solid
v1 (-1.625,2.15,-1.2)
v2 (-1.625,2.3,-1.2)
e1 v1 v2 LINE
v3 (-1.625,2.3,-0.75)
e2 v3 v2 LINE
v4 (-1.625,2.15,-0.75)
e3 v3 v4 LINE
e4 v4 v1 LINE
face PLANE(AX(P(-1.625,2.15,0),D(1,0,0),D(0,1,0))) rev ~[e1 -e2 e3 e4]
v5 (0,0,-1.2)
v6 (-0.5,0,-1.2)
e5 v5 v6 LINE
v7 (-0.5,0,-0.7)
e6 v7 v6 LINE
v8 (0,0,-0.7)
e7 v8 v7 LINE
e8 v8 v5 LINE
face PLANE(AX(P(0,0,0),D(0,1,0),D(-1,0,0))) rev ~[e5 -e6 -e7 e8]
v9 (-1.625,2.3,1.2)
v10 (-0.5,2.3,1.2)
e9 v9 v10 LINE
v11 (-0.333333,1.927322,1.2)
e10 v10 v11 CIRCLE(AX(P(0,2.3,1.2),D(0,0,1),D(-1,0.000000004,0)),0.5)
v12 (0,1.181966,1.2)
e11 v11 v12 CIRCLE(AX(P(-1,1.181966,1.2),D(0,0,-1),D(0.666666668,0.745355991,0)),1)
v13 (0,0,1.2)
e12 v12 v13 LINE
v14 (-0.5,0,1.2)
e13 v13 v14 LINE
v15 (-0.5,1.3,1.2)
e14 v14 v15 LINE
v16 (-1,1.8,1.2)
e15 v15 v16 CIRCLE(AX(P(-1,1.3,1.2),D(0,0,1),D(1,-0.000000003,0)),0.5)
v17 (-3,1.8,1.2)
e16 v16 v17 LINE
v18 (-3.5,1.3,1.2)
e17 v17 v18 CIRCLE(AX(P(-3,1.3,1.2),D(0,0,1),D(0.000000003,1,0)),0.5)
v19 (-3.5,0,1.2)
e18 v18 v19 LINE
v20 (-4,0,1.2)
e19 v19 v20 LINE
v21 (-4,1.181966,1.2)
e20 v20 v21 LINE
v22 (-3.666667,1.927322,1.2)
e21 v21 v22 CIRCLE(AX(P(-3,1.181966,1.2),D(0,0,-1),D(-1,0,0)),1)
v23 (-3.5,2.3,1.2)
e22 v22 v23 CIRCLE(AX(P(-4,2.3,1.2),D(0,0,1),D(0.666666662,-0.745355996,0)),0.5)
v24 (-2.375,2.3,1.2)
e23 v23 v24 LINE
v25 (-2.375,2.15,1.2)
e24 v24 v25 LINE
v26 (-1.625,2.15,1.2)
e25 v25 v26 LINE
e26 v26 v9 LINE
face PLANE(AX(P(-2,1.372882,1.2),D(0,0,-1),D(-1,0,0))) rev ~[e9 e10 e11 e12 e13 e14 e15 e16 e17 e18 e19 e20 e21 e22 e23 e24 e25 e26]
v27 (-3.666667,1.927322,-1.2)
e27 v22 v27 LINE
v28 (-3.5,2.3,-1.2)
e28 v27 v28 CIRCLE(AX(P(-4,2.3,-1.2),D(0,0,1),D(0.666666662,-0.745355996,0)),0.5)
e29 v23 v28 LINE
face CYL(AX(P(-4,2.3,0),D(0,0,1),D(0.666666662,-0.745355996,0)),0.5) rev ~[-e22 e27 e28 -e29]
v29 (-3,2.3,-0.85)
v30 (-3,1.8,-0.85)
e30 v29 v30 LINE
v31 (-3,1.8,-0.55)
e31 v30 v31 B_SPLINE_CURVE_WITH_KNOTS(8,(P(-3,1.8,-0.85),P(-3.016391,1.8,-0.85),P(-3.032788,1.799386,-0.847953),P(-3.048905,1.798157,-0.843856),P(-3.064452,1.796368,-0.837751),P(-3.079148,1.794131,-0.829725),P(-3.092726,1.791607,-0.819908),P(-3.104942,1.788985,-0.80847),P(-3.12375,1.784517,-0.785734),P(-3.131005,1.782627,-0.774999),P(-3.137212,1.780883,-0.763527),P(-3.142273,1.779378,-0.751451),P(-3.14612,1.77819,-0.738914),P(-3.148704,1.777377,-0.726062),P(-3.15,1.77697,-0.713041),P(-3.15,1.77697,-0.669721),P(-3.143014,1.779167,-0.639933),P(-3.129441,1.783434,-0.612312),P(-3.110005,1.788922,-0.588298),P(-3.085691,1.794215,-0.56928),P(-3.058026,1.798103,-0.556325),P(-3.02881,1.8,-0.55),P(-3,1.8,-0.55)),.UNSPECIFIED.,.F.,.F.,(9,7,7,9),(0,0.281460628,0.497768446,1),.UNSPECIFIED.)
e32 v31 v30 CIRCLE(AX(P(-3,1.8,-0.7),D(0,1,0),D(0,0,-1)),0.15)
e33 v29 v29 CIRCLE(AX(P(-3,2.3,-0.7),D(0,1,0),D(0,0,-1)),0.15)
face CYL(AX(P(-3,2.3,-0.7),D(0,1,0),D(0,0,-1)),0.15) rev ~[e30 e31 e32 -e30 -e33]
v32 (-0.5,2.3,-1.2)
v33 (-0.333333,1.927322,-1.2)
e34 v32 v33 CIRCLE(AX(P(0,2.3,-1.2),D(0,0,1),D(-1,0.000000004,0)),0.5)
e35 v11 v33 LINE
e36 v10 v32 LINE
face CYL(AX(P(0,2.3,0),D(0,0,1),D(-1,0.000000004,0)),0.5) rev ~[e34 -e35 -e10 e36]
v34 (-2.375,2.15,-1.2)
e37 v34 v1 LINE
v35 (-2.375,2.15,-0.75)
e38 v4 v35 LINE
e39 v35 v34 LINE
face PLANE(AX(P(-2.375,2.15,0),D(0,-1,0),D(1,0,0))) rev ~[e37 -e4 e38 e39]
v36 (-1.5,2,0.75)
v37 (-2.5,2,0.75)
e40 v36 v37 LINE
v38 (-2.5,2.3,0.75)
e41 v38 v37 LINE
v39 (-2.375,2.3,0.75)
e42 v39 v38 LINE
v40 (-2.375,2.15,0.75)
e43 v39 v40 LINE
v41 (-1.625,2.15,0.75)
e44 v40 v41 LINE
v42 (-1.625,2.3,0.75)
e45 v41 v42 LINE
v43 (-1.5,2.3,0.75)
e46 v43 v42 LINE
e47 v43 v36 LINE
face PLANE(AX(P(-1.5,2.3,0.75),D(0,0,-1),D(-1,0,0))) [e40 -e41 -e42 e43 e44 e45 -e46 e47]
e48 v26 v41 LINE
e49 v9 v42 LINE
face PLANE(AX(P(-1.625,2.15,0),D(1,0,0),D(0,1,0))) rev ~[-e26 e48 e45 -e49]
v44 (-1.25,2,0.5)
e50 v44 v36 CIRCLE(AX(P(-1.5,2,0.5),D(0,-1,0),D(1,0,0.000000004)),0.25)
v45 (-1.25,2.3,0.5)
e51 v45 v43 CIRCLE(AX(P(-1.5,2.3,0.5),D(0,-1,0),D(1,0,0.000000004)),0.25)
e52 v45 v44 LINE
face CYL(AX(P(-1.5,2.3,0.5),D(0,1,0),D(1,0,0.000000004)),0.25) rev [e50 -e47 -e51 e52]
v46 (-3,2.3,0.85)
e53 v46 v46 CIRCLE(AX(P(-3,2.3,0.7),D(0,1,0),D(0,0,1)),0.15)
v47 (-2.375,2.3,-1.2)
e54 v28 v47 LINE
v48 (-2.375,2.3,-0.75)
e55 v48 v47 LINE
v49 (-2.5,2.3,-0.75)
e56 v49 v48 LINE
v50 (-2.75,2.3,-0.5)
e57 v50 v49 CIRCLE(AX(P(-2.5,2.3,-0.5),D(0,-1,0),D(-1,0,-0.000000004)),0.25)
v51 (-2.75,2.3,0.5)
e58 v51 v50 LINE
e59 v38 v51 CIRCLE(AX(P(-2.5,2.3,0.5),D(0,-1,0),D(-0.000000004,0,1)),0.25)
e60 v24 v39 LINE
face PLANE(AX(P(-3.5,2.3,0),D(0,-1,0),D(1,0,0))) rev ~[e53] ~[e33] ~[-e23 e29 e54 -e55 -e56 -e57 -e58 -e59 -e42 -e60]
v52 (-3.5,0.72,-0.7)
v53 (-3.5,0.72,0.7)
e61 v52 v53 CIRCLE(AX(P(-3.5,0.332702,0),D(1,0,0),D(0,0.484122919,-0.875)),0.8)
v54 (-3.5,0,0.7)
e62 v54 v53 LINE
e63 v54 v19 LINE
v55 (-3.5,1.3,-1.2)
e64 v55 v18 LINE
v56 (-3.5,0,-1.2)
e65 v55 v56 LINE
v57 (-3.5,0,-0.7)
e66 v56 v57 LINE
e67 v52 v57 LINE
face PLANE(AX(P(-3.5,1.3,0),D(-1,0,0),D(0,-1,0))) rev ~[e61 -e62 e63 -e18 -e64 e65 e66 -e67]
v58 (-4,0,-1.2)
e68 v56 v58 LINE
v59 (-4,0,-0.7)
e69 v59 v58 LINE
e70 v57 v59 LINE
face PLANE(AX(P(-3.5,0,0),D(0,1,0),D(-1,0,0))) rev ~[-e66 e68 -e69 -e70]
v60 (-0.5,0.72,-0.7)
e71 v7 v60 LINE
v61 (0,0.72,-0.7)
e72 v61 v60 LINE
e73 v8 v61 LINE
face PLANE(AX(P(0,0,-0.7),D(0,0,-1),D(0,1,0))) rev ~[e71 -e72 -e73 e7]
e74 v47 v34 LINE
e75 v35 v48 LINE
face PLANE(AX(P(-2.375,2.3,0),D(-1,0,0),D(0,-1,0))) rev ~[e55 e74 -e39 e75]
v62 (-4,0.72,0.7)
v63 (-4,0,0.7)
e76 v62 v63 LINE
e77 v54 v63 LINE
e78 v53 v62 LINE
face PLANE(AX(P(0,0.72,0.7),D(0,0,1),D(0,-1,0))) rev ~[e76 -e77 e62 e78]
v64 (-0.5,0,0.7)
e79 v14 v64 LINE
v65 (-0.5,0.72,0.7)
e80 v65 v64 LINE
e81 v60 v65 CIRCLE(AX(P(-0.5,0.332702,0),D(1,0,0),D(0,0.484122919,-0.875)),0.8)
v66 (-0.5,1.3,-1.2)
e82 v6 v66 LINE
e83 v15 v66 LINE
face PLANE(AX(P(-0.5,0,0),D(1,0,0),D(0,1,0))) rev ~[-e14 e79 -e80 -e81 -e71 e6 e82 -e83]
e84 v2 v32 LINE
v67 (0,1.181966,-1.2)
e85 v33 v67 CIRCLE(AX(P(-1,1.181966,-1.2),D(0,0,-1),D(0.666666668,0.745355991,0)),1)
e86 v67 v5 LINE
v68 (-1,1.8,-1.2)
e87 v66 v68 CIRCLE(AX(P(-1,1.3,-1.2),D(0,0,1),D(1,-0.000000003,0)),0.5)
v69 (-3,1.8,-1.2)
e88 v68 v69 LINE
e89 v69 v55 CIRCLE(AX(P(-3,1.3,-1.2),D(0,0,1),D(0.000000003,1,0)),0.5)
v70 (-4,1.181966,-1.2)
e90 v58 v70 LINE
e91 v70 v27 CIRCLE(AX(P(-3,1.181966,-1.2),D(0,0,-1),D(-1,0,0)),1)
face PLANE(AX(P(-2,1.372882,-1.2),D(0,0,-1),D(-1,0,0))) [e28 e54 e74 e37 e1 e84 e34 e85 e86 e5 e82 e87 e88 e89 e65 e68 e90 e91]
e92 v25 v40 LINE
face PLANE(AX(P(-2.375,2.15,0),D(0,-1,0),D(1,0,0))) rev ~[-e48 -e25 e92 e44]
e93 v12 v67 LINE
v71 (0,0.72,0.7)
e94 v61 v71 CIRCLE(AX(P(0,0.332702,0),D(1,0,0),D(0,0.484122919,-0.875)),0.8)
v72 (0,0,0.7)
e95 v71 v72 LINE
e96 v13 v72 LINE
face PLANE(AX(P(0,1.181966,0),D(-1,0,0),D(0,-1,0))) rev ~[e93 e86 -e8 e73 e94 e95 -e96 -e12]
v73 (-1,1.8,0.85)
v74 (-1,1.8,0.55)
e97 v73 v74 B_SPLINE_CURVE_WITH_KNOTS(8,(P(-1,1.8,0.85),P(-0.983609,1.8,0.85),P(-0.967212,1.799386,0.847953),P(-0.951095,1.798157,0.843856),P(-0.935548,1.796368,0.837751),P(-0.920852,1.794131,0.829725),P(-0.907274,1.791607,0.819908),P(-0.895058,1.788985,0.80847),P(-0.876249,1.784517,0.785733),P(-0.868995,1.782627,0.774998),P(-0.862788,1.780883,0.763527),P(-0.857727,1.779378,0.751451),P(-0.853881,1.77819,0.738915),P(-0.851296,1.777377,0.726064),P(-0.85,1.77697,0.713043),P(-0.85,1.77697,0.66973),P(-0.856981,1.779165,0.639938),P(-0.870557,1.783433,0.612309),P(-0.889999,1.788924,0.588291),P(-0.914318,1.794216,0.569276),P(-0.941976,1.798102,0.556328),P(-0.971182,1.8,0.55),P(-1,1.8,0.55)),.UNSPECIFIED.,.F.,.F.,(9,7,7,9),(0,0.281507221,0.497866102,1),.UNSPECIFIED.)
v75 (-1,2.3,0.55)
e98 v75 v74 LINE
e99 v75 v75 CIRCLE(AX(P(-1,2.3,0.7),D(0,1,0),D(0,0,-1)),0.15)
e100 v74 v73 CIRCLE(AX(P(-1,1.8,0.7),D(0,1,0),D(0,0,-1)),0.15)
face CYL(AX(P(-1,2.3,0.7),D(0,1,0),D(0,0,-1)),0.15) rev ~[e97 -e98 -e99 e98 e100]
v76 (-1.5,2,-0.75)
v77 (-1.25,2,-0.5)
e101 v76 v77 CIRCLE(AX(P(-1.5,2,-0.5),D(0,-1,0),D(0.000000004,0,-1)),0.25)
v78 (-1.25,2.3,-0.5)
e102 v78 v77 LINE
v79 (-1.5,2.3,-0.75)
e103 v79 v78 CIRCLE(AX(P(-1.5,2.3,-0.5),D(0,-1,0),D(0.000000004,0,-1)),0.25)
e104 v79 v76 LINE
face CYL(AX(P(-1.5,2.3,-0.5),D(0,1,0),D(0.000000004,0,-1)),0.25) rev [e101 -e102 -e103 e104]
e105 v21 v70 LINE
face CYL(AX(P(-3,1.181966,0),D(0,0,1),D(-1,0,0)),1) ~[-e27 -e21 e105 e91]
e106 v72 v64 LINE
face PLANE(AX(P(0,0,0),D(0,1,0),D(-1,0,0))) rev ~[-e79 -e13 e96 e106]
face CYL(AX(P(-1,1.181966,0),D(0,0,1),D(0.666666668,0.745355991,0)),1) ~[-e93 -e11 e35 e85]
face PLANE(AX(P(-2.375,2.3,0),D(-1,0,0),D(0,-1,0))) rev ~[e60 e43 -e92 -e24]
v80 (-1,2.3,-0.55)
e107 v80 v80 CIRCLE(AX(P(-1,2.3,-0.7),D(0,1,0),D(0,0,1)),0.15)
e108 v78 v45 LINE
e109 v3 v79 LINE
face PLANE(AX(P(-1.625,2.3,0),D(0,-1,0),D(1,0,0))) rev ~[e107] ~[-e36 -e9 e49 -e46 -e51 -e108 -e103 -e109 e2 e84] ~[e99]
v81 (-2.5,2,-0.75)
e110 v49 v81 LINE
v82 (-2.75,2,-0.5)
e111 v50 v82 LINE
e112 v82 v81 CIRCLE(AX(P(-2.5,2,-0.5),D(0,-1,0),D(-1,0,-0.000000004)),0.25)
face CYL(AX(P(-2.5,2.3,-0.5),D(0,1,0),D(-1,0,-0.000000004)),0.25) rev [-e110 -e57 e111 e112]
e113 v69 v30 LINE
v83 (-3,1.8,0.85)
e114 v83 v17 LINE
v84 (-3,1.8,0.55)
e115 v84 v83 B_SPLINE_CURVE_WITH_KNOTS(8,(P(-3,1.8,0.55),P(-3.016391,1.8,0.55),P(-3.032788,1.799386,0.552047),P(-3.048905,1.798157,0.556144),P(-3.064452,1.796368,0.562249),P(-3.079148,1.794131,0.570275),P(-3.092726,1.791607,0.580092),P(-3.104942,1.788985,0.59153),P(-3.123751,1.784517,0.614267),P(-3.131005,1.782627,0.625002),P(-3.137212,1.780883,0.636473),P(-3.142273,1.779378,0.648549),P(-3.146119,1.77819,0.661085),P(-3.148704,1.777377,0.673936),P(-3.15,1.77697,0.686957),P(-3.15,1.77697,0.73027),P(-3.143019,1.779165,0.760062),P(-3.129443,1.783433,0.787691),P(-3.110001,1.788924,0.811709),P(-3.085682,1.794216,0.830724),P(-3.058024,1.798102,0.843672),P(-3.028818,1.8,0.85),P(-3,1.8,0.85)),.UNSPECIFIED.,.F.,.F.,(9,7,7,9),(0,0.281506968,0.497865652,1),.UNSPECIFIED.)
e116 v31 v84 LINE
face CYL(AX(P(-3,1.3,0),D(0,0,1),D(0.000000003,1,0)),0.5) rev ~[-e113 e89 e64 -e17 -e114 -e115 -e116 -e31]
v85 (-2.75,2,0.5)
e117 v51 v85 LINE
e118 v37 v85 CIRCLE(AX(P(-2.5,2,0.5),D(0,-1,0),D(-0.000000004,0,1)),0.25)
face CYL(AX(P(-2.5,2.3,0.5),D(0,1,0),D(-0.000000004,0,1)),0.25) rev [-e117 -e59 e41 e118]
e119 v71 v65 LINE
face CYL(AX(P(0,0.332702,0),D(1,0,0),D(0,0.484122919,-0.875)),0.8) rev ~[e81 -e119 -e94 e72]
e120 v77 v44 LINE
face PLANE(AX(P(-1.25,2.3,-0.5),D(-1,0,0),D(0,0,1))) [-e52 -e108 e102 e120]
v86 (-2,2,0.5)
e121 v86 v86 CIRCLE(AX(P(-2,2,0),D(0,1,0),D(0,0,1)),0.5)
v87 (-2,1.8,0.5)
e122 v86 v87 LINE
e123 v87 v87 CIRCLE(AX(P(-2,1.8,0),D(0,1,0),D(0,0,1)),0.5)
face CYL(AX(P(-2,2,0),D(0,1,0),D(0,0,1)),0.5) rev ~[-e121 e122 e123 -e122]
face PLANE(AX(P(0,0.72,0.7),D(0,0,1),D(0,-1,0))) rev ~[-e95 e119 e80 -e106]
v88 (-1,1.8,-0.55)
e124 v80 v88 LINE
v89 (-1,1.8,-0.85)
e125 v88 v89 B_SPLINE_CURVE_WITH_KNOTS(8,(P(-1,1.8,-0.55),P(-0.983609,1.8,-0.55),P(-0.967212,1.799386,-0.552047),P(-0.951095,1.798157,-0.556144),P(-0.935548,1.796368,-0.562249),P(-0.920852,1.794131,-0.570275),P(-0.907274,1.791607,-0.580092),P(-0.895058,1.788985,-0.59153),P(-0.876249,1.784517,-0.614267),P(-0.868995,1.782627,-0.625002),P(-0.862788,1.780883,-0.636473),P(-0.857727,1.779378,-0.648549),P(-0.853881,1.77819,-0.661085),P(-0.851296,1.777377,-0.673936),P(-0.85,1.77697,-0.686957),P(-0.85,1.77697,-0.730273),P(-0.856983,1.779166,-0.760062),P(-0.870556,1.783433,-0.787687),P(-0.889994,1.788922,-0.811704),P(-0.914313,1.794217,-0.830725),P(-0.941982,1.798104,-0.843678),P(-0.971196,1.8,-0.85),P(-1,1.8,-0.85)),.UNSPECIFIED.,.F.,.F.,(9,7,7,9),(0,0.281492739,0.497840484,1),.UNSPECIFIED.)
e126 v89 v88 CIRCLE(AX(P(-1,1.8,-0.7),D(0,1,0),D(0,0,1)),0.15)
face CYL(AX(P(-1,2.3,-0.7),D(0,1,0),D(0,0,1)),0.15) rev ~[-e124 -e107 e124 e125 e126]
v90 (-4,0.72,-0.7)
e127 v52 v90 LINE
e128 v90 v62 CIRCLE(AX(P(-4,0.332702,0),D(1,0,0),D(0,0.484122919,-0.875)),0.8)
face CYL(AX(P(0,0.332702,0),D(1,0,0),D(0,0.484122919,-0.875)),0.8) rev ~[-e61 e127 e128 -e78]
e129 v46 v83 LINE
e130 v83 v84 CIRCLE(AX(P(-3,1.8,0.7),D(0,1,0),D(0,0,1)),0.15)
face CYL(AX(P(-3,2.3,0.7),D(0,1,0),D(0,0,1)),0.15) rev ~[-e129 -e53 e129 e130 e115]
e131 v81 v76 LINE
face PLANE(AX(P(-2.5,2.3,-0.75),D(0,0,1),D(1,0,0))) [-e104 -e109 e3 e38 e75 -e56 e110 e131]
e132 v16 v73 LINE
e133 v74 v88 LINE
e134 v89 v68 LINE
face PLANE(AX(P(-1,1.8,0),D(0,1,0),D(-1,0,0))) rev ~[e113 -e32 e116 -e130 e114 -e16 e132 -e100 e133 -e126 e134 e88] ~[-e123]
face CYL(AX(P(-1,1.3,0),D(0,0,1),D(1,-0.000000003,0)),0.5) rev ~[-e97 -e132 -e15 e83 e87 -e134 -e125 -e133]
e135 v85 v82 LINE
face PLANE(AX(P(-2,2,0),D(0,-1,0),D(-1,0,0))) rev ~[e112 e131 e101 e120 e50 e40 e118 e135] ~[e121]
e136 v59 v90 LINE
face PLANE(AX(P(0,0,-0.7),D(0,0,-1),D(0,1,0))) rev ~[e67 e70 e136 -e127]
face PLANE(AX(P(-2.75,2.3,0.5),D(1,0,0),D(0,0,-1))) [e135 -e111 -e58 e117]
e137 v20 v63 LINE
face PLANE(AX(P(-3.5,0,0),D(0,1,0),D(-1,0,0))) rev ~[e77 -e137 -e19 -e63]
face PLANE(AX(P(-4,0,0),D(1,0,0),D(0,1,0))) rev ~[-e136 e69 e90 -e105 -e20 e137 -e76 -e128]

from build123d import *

# Parameters (mm, degrees)
SALIENTE_EXTRUIR1_DEPTH = 1.2
CORTAR_EXTRUIR1_DEPTH   = 0.3
CROQUIS3_R              = 0.5
CORTAR_EXTRUIR2_DEPTH   = 5.630334761
CROQUIS4_R              = 0.15
CORTAR_EXTRUIR3_DEPTH   = 5.767598976
CORTAR_EXTRUIR4_DEPTH   = 5.76759905


with BuildPart() as part:
    # Croquis1 → Saliente-Extruir1 (new, symmetric)
    with BuildSketch(Plane.XY):
        with BuildLine():
            Line((-3.5, 0), (-4, 0))
            Line((-4, 0), (-4, 1.181966011))
            ThreePointArc((-4, 1.181966011), (-3.912870929, 1.590214302), (-3.666666667, 1.927322004))
            ThreePointArc((-3.666666667, 1.927322004), (-3.543564535, 2.095875855), (-3.5, 2.3))
            Line((-3.5, 2.3), (-2.375, 2.3))
            Line((-2.375, 2.3), (-2.375, 2.15))
            Line((-2.375, 2.15), (-1.625, 2.15))
            Line((-1.625, 2.15), (-1.625, 2.3))
            Line((-1.625, 2.3), (-0.5, 2.3))
            ThreePointArc((-0.5, 2.3), (-0.456435465, 2.095875855), (-0.333333333, 1.927322004))
            ThreePointArc((-0.333333333, 1.927322004), (-0.087129071, 1.590214302), (0, 1.181966011))
            Line((0, 1.181966011), (0, 0))
            Line((0, 0), (-0.5, 0))
            Line((-0.5, 0), (-0.5, 1.3))
            ThreePointArc((-0.5, 1.3), (-0.646446609, 1.653553391), (-1, 1.8))
            Line((-1, 1.8), (-3, 1.8))
            ThreePointArc((-3, 1.8), (-3.353553391, 1.653553391), (-3.5, 1.3))
            Line((-3.5, 1.3), (-3.5, 0))
        make_face()
    extrude(amount=SALIENTE_EXTRUIR1_DEPTH, both=True)

    # Croquis2 → Cortar-Extruir1 (cut)
    with BuildSketch(Plane(origin=(0, 2.3, 0), x_dir=(1, 0, 0), z_dir=(0, 1, 0))):
        with BuildLine():
            Line((-2.5, 0.75), (-1.5, 0.75))
            ThreePointArc((-1.5, 0.75), (-1.323223305, 0.676776695), (-1.25, 0.5))
            Line((-1.25, 0.5), (-1.25, -0.5))
            ThreePointArc((-1.25, -0.5), (-1.323223305, -0.676776695), (-1.5, -0.75))
            Line((-1.5, -0.75), (-2.5, -0.75))
            ThreePointArc((-2.5, -0.75), (-2.676776695, -0.676776695), (-2.75, -0.5))
            Line((-2.75, -0.5), (-2.75, 0.5))
            ThreePointArc((-2.75, 0.5), (-2.676776695, 0.676776695), (-2.5, 0.75))
        make_face()
    extrude(amount=-CORTAR_EXTRUIR1_DEPTH, mode=Mode.SUBTRACT)

    # Croquis3 → Cortar-Extruir2 (cut, through all)
    with BuildSketch(Plane(origin=(0, 2, 0), x_dir=(1, 0, 0), z_dir=(0, 1, 0))):
        with Locations(Location((-2, 0, 0), (0, 0, 270))):
            Circle(CROQUIS3_R)
    extrude(amount=-CORTAR_EXTRUIR2_DEPTH, mode=Mode.SUBTRACT)

    # Croquis4 → Cortar-Extruir3 (cut, through all)
    with BuildSketch(Plane(origin=(0, 2.3, 0), x_dir=(1, 0, 0), z_dir=(0, 1, 0))):
        with Locations(Location((-1, 0.7, 0), (0, 0, 270))):
            Circle(CROQUIS4_R)
        with Locations(Location((-3, 0.7, 0), (0, 0, 90))):
            Circle(CROQUIS4_R)
        with Locations(Location((-3, -0.7, 0), (0, 0, 270))):
            Circle(CROQUIS4_R)
        with Locations(Location((-1, -0.7, 0), (0, 0, 90))):
            Circle(CROQUIS4_R)
    extrude(amount=-CORTAR_EXTRUIR3_DEPTH, mode=Mode.SUBTRACT)

    # Croquis5 → Cortar-Extruir4 (cut, through all)
    with BuildSketch(Plane(origin=(0, 0, 0), x_dir=(0, 0, -1), z_dir=(1, 0, 0))):
        with BuildLine():
            Line((-0.7, 0), (0.7, 0))
            Line((0.7, 0), (0.7, 0.72))
            ThreePointArc((0.7, 0.72), (0, 1.132701665), (-0.7, 0.72))
            Line((-0.7, 0.72), (-0.7, 0))
        make_face()
    extrude(amount=-CORTAR_EXTRUIR4_DEPTH, mode=Mode.SUBTRACT)


solid = part.part
